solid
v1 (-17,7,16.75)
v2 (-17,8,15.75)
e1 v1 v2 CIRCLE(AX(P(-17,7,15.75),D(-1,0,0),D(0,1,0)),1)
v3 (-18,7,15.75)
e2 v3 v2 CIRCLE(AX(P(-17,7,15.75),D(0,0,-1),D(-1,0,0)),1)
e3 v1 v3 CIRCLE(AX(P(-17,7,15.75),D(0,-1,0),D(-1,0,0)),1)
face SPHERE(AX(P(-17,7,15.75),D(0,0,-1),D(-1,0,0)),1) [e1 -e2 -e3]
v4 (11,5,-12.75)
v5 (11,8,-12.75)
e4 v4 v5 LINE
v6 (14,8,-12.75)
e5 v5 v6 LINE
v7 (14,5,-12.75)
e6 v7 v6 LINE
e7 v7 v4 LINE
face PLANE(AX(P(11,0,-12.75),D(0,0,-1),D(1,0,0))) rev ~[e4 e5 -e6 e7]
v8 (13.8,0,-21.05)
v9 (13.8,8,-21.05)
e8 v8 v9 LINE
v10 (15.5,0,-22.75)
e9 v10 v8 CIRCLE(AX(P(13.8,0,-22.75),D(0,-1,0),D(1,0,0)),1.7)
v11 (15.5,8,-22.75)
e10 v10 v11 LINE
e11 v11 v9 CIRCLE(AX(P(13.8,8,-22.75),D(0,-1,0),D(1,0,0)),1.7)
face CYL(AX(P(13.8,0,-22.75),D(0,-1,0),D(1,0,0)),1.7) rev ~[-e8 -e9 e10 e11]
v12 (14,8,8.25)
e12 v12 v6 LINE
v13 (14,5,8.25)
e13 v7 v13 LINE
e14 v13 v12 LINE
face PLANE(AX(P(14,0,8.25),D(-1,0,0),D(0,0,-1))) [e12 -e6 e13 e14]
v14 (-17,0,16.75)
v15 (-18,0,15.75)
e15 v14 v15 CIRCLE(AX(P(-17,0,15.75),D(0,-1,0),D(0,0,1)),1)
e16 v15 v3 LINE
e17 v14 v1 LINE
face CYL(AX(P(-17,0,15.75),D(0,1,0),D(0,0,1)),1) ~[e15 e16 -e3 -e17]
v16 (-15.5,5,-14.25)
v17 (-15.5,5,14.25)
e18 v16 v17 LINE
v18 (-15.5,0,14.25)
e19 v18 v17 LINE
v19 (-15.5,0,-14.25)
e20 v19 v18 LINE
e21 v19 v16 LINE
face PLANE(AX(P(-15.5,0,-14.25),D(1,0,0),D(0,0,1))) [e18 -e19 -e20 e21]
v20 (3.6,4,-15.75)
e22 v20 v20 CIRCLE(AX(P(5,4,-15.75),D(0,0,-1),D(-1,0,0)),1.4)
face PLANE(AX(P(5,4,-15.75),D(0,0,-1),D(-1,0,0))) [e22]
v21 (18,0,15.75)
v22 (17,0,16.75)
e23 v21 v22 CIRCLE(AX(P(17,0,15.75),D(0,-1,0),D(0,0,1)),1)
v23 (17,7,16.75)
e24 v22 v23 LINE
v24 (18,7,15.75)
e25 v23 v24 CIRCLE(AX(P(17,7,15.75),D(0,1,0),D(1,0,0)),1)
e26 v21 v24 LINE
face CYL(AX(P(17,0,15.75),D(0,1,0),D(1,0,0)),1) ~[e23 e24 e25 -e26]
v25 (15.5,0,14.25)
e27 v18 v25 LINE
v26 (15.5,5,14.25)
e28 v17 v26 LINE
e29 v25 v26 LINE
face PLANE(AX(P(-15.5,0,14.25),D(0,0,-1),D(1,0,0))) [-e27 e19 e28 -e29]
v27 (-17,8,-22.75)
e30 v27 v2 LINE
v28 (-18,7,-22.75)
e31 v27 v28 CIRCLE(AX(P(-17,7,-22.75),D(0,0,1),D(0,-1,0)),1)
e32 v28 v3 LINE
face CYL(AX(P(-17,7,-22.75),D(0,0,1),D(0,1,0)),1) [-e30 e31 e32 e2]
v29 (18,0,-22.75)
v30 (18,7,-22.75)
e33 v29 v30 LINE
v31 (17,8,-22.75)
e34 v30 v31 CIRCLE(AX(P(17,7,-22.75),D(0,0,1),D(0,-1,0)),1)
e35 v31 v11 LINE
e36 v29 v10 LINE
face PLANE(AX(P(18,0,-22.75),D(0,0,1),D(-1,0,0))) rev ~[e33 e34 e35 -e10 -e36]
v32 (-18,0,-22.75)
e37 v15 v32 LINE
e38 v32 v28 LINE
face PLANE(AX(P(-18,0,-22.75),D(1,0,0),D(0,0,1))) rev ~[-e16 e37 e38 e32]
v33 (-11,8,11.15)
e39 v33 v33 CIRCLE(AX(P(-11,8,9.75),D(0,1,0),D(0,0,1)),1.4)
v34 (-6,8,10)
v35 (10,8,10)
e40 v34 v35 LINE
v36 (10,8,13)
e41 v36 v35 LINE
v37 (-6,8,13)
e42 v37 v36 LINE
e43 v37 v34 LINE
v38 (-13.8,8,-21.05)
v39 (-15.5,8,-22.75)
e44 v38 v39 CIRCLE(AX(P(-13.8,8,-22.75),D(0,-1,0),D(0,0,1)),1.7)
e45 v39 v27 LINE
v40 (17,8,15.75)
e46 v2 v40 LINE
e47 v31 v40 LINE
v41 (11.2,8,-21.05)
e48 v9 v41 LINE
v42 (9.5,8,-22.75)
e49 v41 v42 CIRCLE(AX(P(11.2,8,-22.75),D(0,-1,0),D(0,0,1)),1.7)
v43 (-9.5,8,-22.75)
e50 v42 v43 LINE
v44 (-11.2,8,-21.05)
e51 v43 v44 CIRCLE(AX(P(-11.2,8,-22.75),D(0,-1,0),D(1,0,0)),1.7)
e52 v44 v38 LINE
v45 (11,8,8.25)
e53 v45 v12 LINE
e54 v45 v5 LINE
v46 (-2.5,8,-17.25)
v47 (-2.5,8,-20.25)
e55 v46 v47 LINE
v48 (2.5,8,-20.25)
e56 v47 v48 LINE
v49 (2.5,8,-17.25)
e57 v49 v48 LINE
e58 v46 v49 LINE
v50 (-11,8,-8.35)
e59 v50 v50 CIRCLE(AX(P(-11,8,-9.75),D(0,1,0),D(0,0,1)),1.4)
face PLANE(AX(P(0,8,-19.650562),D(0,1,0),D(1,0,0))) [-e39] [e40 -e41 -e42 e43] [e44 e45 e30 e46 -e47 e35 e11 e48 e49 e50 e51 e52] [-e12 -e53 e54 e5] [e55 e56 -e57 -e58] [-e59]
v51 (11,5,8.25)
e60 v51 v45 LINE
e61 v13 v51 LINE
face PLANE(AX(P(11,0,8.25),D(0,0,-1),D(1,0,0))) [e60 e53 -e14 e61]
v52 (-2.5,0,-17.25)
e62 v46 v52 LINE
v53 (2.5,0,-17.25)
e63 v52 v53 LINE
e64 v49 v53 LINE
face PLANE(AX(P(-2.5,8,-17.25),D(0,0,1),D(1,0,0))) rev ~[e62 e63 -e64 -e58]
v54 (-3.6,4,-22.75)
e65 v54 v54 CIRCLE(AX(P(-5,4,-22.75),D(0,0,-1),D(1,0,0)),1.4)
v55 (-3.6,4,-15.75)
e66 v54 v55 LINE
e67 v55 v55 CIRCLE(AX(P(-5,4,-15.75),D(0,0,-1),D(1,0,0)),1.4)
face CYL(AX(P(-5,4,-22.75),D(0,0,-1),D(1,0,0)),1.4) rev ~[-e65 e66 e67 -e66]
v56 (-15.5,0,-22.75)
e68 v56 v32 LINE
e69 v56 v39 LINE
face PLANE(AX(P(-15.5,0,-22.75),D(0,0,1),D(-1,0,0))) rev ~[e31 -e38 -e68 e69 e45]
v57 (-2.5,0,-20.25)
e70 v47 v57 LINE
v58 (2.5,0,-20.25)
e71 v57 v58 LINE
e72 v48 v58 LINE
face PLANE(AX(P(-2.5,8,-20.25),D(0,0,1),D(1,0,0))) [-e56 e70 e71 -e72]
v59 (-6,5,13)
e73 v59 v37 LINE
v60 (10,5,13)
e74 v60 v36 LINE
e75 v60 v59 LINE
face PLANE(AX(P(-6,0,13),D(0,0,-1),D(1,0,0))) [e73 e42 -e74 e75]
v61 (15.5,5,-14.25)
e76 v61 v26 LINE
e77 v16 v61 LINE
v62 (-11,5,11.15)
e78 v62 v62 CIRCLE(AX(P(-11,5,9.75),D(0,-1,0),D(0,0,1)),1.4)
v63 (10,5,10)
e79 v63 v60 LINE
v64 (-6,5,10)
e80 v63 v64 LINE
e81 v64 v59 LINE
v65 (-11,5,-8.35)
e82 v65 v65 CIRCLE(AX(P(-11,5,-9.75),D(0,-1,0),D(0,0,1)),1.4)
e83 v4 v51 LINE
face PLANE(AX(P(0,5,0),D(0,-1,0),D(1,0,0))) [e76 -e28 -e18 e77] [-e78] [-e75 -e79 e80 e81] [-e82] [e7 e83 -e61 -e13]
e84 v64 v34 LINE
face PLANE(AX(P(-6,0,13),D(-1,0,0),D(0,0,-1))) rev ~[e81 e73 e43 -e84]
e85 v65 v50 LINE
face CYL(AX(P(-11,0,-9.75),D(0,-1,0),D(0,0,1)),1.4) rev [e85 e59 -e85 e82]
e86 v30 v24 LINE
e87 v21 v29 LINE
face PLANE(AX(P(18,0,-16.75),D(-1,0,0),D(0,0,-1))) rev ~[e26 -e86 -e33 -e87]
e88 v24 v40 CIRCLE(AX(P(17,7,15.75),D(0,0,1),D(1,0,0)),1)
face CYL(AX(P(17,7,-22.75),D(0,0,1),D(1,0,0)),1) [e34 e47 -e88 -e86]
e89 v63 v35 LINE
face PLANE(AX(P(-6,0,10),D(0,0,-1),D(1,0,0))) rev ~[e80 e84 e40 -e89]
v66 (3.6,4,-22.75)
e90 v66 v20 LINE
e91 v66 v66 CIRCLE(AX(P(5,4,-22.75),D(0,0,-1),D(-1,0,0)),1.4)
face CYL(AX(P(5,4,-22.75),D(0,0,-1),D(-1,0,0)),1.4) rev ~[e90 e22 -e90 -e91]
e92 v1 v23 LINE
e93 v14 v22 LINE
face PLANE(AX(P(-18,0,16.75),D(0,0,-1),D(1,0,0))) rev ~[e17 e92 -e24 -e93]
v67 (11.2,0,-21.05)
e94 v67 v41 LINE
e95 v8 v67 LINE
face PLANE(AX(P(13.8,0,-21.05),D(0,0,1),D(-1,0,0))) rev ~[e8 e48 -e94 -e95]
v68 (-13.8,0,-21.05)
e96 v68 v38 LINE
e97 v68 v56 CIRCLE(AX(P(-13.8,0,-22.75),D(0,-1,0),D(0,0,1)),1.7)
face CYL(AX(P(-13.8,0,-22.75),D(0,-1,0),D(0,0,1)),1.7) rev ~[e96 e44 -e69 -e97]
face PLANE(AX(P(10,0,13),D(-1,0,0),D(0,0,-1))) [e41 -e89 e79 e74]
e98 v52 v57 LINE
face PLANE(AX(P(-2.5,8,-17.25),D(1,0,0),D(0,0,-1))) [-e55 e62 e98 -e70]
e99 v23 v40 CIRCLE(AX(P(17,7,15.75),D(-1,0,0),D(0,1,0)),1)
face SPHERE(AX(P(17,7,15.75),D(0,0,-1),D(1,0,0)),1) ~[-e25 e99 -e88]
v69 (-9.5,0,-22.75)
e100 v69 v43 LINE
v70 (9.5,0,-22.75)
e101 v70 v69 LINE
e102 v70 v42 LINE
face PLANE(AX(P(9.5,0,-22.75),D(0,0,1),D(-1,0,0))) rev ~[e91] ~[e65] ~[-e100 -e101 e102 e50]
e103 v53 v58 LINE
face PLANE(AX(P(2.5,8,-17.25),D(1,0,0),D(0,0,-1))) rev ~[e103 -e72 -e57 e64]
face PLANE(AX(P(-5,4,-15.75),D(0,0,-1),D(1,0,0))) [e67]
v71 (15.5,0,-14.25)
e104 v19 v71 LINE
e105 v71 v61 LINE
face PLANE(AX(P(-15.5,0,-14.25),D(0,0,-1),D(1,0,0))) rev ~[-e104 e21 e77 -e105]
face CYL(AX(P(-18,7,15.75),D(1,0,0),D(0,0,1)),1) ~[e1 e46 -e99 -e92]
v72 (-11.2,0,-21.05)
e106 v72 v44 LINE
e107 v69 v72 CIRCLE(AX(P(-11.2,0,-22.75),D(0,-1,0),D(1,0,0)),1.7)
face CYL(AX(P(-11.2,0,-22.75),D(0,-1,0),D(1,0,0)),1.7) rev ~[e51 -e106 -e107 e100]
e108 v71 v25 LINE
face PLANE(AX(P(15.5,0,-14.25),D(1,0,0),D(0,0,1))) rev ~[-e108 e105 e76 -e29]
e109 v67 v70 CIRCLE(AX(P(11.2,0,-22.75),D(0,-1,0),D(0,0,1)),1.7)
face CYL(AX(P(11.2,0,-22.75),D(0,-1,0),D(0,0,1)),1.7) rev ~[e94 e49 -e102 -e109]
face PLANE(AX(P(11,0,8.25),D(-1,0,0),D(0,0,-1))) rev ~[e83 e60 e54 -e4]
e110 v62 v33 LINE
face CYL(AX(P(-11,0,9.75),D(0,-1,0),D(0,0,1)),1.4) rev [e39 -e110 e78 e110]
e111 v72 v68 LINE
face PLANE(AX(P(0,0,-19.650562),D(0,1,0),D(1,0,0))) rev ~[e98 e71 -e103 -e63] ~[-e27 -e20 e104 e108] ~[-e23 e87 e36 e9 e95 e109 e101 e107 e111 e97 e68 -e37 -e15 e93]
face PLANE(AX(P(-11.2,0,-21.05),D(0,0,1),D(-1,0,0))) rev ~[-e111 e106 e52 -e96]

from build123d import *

# Parameters (mm, degrees)
SKETCH1_W                         = 36
SKETCH1_H                         = 33.5
SKETCH1_R                         = 1.4
SKETCH1_W_2                       = 3
SKETCH1_H_2                       = 21
SKETCH1_W_3                       = 16
SKETCH1_H_3                       = 3
BASE_DEPTH                        = 8
SKETCH3_W                         = 31
SKETCH3_H                         = 28.5
INTERIOR_CUTOUT_DEPTH             = 5
BASKET_MOUNTING_EDGE_DEPTH        = 8
SKETCH6_R                         = 1.4
BASKET_MOUNTING_SCREW_HOLES_DEPTH = 7
SKETCH7_W                         = 5
SKETCH7_H                         = 3
ZIP_TIE_HOLE_DEPTH                = 31.092565527
F_1MM_EDGE_FILLETS_R              = 1


with BuildPart() as part:
    # Sketch1 → Base (new body)
    with BuildSketch(Plane(origin=(0, 0, 0), x_dir=(1, 0, 0), z_dir=(0, 1, 0))):
        Rectangle(SKETCH1_W, SKETCH1_H)
        with Locations(Location((-11, -9.75, 0), (0, 0, 270))):
            Circle(SKETCH1_R, mode=Mode.SUBTRACT)
        with Locations(Location((-11, 9.75, 0), (0, 0, 270))):
            Circle(SKETCH1_R, mode=Mode.SUBTRACT)
        with Locations((12.5, 2.25)):
            Rectangle(SKETCH1_W_2, SKETCH1_H_2, mode=Mode.SUBTRACT)
        with Locations((2, -11.5)):
            Rectangle(SKETCH1_W_3, SKETCH1_H_3, mode=Mode.SUBTRACT)
    extrude(amount=BASE_DEPTH)

    # Sketch3 → Interior Cutout (cut)
    with BuildSketch(Plane.XZ):
        Rectangle(SKETCH3_W, SKETCH3_H)
    extrude(amount=-INTERIOR_CUTOUT_DEPTH, mode=Mode.SUBTRACT)

    # Sketch5 → Basket Mounting Edge (add)
    with BuildSketch(Plane(origin=(0, 0, 0), x_dir=(1, 0, 0), z_dir=(0, 1, 0))):
        with BuildLine():
            Line((-18, 16.75), (18, 16.75))
            Line((18, 16.75), (18, 22.75))
            Line((18, 22.75), (15.5, 22.75))
            ThreePointArc((15.5, 22.75), (15.002081528, 21.547918472), (13.8, 21.05))
            Line((13.8, 21.05), (11.2, 21.05))
            ThreePointArc((11.2, 21.05), (9.997918472, 21.547918472), (9.5, 22.75))
            Line((9.5, 22.75), (-9.5, 22.75))
            ThreePointArc((-9.5, 22.75), (-9.997918472, 21.547918472), (-11.2, 21.05))
            Line((-11.2, 21.05), (-13.8, 21.05))
            ThreePointArc((-13.8, 21.05), (-15.002081528, 21.547918472), (-15.5, 22.75))
            Line((-15.5, 22.75), (-18, 22.75))
            Line((-18, 22.75), (-18, 16.75))
        make_face()
    extrude(amount=BASKET_MOUNTING_EDGE_DEPTH)

    # Sketch6 → Basket Mounting Screw Holes (cut)
    with BuildSketch(Plane(origin=(0, 0, -22.75), x_dir=(-1, 0, 0), z_dir=(0, 0, -1))):
        with Locations((-5, 4)):
            Circle(SKETCH6_R)
        with Locations(Location((5, 4, 0), (0, 0, 180))):
            Circle(SKETCH6_R)
    extrude(amount=-BASKET_MOUNTING_SCREW_HOLES_DEPTH, mode=Mode.SUBTRACT)

    # Sketch7 → Zip Tie Hole (cut, through all)
    with BuildSketch(Plane(origin=(0, 8, 0), x_dir=(1, 0, 0), z_dir=(0, 1, 0))):
        with Locations((0, 18.75)):
            Rectangle(SKETCH7_W, SKETCH7_H)
    extrude(amount=-ZIP_TIE_HOLE_DEPTH, mode=Mode.SUBTRACT)

    # 1mm Edge Fillets
    f_1mm_edge_fillets_edges = [part.edges().sort_by_distance(p)[0] for p in [
        (18, 8, -3),
        (-18, 8, -3),
        (18, 4, 16.75),
        (-18, 4, 16.75),
        (0, 8, 16.75),
    ]]
    fillet(f_1mm_edge_fillets_edges, radius=F_1MM_EDGE_FILLETS_R)


solid = part.part
